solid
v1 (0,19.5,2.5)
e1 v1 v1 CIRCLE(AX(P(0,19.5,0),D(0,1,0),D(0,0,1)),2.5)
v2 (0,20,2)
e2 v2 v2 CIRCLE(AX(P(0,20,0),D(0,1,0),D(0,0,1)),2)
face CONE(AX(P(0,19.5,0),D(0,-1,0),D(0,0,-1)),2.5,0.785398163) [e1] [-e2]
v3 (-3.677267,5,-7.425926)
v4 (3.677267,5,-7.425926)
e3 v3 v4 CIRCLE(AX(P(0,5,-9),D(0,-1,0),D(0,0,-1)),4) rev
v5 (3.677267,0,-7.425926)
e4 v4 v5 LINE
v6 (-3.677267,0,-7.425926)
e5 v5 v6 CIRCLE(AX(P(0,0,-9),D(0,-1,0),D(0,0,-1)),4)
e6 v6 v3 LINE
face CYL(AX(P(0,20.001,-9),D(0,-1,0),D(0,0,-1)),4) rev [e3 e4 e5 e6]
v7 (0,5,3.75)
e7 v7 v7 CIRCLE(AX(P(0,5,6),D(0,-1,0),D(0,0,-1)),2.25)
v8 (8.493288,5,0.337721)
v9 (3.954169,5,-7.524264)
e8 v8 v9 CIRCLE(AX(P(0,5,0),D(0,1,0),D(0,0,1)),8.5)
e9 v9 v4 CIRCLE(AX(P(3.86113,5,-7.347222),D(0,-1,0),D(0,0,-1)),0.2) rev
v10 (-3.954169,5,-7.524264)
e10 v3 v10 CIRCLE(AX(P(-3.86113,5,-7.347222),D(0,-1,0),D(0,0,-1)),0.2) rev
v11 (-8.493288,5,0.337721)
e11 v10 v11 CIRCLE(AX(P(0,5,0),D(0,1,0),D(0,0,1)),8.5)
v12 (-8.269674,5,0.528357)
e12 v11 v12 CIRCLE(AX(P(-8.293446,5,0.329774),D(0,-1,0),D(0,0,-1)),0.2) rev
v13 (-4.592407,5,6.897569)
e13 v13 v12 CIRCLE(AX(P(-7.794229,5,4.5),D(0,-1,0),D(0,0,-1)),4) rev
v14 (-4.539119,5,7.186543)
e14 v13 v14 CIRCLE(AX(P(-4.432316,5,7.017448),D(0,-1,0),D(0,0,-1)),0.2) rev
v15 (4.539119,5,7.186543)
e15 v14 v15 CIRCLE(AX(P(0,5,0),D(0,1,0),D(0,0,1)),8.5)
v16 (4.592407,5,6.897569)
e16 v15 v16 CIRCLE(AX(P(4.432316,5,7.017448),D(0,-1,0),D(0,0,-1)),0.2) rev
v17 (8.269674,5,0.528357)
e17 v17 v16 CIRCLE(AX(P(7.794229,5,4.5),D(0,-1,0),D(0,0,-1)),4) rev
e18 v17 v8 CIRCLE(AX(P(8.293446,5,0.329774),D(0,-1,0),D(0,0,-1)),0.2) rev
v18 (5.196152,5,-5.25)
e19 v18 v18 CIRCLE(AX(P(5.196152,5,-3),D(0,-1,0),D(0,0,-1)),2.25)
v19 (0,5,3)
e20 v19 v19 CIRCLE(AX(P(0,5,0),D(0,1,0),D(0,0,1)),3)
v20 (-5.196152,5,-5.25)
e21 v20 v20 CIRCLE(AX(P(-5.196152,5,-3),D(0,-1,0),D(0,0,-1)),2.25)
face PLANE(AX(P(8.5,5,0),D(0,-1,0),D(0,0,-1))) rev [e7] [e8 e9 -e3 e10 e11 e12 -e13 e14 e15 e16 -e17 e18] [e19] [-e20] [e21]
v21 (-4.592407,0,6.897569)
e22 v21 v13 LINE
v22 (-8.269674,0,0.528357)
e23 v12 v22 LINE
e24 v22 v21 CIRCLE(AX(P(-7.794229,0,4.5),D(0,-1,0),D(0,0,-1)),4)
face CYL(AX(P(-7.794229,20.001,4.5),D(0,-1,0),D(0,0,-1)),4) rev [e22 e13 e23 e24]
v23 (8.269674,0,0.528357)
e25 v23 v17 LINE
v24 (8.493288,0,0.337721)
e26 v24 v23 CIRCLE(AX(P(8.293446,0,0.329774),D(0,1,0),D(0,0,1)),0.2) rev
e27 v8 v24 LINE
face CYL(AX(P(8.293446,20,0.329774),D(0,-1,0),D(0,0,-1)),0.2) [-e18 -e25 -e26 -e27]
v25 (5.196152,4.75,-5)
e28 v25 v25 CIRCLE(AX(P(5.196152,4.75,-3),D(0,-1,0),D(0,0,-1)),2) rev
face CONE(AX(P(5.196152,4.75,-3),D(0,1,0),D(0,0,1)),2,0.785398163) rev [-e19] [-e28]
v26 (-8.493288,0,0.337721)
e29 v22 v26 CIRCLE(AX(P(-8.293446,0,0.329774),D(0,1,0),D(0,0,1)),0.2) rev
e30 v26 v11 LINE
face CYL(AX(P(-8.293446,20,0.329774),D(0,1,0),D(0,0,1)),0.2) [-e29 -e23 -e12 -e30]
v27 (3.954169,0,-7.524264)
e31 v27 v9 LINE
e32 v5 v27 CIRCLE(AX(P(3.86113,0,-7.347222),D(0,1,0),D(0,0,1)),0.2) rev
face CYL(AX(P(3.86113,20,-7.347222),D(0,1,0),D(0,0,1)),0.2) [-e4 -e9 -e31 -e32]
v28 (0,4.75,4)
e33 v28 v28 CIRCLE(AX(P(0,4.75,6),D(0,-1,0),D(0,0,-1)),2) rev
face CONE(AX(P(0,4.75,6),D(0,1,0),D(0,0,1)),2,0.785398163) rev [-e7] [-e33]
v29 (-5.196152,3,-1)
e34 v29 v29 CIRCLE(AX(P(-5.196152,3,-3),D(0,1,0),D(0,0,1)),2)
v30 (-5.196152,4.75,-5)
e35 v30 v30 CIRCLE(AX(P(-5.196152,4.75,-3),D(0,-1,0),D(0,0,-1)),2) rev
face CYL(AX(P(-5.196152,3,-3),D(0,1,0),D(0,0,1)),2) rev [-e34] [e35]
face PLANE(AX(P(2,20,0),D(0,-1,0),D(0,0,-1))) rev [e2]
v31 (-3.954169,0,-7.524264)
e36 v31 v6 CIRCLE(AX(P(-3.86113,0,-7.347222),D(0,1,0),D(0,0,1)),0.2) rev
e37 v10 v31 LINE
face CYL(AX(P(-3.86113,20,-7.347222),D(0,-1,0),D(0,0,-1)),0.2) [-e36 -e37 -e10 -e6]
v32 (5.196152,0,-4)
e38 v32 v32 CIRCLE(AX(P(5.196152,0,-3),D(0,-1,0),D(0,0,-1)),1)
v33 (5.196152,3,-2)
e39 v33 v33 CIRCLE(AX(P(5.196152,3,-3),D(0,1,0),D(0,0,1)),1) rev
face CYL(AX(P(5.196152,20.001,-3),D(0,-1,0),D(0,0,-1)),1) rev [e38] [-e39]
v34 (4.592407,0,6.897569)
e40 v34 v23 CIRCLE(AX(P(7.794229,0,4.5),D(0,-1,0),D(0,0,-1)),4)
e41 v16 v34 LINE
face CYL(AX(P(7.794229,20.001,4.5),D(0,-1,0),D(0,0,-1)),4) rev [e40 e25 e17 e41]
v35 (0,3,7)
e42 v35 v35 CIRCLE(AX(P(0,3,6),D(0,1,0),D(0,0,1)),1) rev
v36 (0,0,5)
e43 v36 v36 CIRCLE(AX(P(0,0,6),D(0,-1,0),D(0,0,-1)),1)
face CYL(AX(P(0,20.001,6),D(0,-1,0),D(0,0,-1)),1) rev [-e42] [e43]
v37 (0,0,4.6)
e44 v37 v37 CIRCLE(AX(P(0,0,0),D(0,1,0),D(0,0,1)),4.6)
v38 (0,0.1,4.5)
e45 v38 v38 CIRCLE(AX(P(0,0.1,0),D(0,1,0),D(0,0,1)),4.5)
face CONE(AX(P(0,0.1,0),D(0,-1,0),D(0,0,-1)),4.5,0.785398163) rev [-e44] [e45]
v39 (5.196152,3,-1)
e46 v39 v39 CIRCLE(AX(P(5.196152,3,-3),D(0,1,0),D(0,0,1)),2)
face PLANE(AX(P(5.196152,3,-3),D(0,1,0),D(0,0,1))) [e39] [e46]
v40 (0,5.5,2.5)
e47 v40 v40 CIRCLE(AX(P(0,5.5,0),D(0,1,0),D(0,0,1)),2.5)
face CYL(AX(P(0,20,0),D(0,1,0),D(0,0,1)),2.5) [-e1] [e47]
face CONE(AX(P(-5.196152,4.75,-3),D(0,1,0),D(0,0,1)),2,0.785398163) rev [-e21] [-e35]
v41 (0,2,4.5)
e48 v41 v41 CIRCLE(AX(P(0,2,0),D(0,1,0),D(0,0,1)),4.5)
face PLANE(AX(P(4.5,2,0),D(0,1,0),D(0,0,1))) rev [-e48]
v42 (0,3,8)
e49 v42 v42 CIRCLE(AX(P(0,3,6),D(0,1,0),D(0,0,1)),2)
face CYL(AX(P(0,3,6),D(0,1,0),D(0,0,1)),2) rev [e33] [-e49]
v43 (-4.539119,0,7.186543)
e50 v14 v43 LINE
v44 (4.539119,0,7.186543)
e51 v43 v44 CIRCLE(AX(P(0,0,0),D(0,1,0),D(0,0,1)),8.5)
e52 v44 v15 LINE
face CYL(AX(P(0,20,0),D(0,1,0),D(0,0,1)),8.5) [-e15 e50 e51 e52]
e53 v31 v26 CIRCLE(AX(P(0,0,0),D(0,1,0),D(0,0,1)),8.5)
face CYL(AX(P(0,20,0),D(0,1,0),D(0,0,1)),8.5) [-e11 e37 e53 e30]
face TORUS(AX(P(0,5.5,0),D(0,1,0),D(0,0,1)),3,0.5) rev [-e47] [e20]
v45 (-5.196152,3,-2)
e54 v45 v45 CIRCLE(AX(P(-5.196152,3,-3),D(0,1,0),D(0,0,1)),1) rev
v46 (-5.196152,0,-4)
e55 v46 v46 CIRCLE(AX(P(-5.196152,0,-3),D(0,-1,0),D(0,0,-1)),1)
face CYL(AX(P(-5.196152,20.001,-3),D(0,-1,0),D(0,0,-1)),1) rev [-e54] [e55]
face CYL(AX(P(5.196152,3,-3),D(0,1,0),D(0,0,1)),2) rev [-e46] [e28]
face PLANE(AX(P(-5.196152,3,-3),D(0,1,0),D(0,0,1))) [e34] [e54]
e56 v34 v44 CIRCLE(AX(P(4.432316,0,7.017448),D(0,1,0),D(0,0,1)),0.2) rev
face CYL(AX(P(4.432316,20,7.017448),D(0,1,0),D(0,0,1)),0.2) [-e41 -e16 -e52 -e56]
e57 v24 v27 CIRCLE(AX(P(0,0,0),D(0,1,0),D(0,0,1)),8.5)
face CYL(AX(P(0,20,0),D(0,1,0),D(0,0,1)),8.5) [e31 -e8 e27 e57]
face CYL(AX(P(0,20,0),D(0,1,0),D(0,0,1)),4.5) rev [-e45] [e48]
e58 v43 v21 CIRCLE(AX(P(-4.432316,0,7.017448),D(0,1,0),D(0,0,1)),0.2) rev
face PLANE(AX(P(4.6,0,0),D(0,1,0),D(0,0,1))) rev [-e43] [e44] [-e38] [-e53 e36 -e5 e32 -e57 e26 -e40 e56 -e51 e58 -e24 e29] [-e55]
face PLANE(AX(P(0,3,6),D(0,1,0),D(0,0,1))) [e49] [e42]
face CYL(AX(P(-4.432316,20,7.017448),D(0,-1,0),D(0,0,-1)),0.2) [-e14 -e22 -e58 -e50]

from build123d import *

# Parameters (mm, degrees)
CUT_EXTRUDE1_REACH = 25.335
SKETCH2_R          = 4
SKETCH2_R_2        = 1
FILLET1_R          = 0.2
SKETCH3_R          = 2
CUT_EXTRUDE2_DEPTH = 2
CHAMFER1_SIZE      = 0.25


with BuildPart() as part:
    # Sketch1 → Revolve1 (revolve)
    with BuildSketch(Plane.XY, mode=Mode.PRIVATE) as revolve1_sk:
        with BuildLine():
            Line((4.6, 0), (8.5, 0))
            Line((8.5, 0), (8.5, 5))
            Line((8.5, 5), (3, 5))
            ThreePointArc((3, 5), (2.646446609, 5.146446609), (2.5, 5.5))
            Line((2.5, 5.5), (2.5, 19.5))
            Line((2.5, 19.5), (2, 20))
            Line((2, 20), (0, 20))
            Line((0, 20), (0, 2))
            Line((0, 2), (4.5, 2))
            Line((4.5, 2), (4.5, 0.1))
            Line((4.5, 0.1), (4.6, 0))
        make_face()
    revolve(revolve1_sk.sketch.rotate(Axis((0, 20, 0), (0, -1, 0)), 90), axis=Axis((0, 20, 0), (0, -1, 0)))

    # Sketch2 → Cut-Extrude1 (cut, up to next)
    with BuildSketch(Plane.XZ, mode=Mode.PRIVATE) as cut_extrude1_sk1:
        with Locations((7.794228634, 4.5)):
            Circle(SKETCH2_R)
    cut_extrude1_tool1 = extrude(cut_extrude1_sk1.sketch, amount=-CUT_EXTRUDE1_REACH, mode=Mode.PRIVATE) & part.part
    # Sketch2 → Cut-Extrude1 (cut, up to next)
    with BuildSketch(Plane.XZ, mode=Mode.PRIVATE) as cut_extrude1_sk2:
        with Locations(Location((0, 6, 0), (0, 0, 270))):
            Circle(SKETCH2_R_2)
    cut_extrude1_tool2 = extrude(cut_extrude1_sk2.sketch, amount=-CUT_EXTRUDE1_REACH, mode=Mode.PRIVATE) & part.part
    # Sketch2 → Cut-Extrude1 (cut, up to next)
    with BuildSketch(Plane.XZ, mode=Mode.PRIVATE) as cut_extrude1_sk3:
        with Locations(Location((5.196152423, -3, 0), (0, 0, 270))):
            Circle(SKETCH2_R_2)
    cut_extrude1_tool3 = extrude(cut_extrude1_sk3.sketch, amount=-CUT_EXTRUDE1_REACH, mode=Mode.PRIVATE) & part.part
    # Sketch2 → Cut-Extrude1 (cut, up to next)
    with BuildSketch(Plane.XZ, mode=Mode.PRIVATE) as cut_extrude1_sk4:
        with Locations((0, -9)):
            Circle(SKETCH2_R)
    cut_extrude1_tool4 = extrude(cut_extrude1_sk4.sketch, amount=-CUT_EXTRUDE1_REACH, mode=Mode.PRIVATE) & part.part
    # Sketch2 → Cut-Extrude1 (cut, up to next)
    with BuildSketch(Plane.XZ, mode=Mode.PRIVATE) as cut_extrude1_sk5:
        with Locations(Location((-5.196152423, -3, 0), (0, 0, 270))):
            Circle(SKETCH2_R_2)
    cut_extrude1_tool5 = extrude(cut_extrude1_sk5.sketch, amount=-CUT_EXTRUDE1_REACH, mode=Mode.PRIVATE) & part.part
    # Sketch2 → Cut-Extrude1 (cut, up to next)
    with BuildSketch(Plane.XZ, mode=Mode.PRIVATE) as cut_extrude1_sk6:
        with Locations((-7.794228634, 4.5)):
            Circle(SKETCH2_R)
    cut_extrude1_tool6 = extrude(cut_extrude1_sk6.sketch, amount=-CUT_EXTRUDE1_REACH, mode=Mode.PRIVATE) & part.part
    add(cut_extrude1_tool1.solids().sort_by_distance((7.794229, 0, 4.5))[0], mode=Mode.SUBTRACT)
    add(cut_extrude1_tool2.solids().sort_by_distance((0, 0, 6))[0], mode=Mode.SUBTRACT)
    add(cut_extrude1_tool3.solids().sort_by_distance((5.196152, 0, -3))[0], mode=Mode.SUBTRACT)
    add(cut_extrude1_tool4.solids().sort_by_distance((0, 0, -9))[0], mode=Mode.SUBTRACT)
    add(cut_extrude1_tool5.solids().sort_by_distance((-5.196152, 0, -3))[0], mode=Mode.SUBTRACT)
    add(cut_extrude1_tool6.solids().sort_by_distance((-7.794229, 0, 4.5))[0], mode=Mode.SUBTRACT)

    # Fillet1
    fillet1_edges = [part.edges().sort_by_distance(p)[0] for p in [
        (8.481566104, 2.5, 0.55949658),
        (4.725321304, 2.5, 7.06550342),
        (-3.7562448, 2.5, -7.625),
        (3.7562448, 2.5, -7.625),
        (-4.725321304, 2.5, 7.06550342),
        (-8.481566104, 2.5, 0.55949658),
    ]]
    fillet(fillet1_edges, radius=FILLET1_R)

    # Sketch3 → Cut-Extrude2 (cut)
    with BuildSketch(Plane(origin=(0, 5, 0), x_dir=(1, 0, 0), z_dir=(0, 1, 0))):
        with Locations(Location((0, -6, 0), (0, 0, 270))):
            Circle(SKETCH3_R)
        with Locations(Location((-5.196152423, 3, 0), (0, 0, 270))):
            Circle(SKETCH3_R)
        with Locations(Location((5.196152423, 3, 0), (0, 0, 270))):
            Circle(SKETCH3_R)
    extrude(amount=-CUT_EXTRUDE2_DEPTH, mode=Mode.SUBTRACT)

    # Chamfer1
    chamfer1_edges = [part.edges().sort_by_distance(p)[0] for p in [
        (-5.196152423, 5, -5),
        (5.196152423, 5, -5),
        (0, 5, 4),
    ]]
    chamfer(chamfer1_edges, length=CHAMFER1_SIZE)


solid = part.part
